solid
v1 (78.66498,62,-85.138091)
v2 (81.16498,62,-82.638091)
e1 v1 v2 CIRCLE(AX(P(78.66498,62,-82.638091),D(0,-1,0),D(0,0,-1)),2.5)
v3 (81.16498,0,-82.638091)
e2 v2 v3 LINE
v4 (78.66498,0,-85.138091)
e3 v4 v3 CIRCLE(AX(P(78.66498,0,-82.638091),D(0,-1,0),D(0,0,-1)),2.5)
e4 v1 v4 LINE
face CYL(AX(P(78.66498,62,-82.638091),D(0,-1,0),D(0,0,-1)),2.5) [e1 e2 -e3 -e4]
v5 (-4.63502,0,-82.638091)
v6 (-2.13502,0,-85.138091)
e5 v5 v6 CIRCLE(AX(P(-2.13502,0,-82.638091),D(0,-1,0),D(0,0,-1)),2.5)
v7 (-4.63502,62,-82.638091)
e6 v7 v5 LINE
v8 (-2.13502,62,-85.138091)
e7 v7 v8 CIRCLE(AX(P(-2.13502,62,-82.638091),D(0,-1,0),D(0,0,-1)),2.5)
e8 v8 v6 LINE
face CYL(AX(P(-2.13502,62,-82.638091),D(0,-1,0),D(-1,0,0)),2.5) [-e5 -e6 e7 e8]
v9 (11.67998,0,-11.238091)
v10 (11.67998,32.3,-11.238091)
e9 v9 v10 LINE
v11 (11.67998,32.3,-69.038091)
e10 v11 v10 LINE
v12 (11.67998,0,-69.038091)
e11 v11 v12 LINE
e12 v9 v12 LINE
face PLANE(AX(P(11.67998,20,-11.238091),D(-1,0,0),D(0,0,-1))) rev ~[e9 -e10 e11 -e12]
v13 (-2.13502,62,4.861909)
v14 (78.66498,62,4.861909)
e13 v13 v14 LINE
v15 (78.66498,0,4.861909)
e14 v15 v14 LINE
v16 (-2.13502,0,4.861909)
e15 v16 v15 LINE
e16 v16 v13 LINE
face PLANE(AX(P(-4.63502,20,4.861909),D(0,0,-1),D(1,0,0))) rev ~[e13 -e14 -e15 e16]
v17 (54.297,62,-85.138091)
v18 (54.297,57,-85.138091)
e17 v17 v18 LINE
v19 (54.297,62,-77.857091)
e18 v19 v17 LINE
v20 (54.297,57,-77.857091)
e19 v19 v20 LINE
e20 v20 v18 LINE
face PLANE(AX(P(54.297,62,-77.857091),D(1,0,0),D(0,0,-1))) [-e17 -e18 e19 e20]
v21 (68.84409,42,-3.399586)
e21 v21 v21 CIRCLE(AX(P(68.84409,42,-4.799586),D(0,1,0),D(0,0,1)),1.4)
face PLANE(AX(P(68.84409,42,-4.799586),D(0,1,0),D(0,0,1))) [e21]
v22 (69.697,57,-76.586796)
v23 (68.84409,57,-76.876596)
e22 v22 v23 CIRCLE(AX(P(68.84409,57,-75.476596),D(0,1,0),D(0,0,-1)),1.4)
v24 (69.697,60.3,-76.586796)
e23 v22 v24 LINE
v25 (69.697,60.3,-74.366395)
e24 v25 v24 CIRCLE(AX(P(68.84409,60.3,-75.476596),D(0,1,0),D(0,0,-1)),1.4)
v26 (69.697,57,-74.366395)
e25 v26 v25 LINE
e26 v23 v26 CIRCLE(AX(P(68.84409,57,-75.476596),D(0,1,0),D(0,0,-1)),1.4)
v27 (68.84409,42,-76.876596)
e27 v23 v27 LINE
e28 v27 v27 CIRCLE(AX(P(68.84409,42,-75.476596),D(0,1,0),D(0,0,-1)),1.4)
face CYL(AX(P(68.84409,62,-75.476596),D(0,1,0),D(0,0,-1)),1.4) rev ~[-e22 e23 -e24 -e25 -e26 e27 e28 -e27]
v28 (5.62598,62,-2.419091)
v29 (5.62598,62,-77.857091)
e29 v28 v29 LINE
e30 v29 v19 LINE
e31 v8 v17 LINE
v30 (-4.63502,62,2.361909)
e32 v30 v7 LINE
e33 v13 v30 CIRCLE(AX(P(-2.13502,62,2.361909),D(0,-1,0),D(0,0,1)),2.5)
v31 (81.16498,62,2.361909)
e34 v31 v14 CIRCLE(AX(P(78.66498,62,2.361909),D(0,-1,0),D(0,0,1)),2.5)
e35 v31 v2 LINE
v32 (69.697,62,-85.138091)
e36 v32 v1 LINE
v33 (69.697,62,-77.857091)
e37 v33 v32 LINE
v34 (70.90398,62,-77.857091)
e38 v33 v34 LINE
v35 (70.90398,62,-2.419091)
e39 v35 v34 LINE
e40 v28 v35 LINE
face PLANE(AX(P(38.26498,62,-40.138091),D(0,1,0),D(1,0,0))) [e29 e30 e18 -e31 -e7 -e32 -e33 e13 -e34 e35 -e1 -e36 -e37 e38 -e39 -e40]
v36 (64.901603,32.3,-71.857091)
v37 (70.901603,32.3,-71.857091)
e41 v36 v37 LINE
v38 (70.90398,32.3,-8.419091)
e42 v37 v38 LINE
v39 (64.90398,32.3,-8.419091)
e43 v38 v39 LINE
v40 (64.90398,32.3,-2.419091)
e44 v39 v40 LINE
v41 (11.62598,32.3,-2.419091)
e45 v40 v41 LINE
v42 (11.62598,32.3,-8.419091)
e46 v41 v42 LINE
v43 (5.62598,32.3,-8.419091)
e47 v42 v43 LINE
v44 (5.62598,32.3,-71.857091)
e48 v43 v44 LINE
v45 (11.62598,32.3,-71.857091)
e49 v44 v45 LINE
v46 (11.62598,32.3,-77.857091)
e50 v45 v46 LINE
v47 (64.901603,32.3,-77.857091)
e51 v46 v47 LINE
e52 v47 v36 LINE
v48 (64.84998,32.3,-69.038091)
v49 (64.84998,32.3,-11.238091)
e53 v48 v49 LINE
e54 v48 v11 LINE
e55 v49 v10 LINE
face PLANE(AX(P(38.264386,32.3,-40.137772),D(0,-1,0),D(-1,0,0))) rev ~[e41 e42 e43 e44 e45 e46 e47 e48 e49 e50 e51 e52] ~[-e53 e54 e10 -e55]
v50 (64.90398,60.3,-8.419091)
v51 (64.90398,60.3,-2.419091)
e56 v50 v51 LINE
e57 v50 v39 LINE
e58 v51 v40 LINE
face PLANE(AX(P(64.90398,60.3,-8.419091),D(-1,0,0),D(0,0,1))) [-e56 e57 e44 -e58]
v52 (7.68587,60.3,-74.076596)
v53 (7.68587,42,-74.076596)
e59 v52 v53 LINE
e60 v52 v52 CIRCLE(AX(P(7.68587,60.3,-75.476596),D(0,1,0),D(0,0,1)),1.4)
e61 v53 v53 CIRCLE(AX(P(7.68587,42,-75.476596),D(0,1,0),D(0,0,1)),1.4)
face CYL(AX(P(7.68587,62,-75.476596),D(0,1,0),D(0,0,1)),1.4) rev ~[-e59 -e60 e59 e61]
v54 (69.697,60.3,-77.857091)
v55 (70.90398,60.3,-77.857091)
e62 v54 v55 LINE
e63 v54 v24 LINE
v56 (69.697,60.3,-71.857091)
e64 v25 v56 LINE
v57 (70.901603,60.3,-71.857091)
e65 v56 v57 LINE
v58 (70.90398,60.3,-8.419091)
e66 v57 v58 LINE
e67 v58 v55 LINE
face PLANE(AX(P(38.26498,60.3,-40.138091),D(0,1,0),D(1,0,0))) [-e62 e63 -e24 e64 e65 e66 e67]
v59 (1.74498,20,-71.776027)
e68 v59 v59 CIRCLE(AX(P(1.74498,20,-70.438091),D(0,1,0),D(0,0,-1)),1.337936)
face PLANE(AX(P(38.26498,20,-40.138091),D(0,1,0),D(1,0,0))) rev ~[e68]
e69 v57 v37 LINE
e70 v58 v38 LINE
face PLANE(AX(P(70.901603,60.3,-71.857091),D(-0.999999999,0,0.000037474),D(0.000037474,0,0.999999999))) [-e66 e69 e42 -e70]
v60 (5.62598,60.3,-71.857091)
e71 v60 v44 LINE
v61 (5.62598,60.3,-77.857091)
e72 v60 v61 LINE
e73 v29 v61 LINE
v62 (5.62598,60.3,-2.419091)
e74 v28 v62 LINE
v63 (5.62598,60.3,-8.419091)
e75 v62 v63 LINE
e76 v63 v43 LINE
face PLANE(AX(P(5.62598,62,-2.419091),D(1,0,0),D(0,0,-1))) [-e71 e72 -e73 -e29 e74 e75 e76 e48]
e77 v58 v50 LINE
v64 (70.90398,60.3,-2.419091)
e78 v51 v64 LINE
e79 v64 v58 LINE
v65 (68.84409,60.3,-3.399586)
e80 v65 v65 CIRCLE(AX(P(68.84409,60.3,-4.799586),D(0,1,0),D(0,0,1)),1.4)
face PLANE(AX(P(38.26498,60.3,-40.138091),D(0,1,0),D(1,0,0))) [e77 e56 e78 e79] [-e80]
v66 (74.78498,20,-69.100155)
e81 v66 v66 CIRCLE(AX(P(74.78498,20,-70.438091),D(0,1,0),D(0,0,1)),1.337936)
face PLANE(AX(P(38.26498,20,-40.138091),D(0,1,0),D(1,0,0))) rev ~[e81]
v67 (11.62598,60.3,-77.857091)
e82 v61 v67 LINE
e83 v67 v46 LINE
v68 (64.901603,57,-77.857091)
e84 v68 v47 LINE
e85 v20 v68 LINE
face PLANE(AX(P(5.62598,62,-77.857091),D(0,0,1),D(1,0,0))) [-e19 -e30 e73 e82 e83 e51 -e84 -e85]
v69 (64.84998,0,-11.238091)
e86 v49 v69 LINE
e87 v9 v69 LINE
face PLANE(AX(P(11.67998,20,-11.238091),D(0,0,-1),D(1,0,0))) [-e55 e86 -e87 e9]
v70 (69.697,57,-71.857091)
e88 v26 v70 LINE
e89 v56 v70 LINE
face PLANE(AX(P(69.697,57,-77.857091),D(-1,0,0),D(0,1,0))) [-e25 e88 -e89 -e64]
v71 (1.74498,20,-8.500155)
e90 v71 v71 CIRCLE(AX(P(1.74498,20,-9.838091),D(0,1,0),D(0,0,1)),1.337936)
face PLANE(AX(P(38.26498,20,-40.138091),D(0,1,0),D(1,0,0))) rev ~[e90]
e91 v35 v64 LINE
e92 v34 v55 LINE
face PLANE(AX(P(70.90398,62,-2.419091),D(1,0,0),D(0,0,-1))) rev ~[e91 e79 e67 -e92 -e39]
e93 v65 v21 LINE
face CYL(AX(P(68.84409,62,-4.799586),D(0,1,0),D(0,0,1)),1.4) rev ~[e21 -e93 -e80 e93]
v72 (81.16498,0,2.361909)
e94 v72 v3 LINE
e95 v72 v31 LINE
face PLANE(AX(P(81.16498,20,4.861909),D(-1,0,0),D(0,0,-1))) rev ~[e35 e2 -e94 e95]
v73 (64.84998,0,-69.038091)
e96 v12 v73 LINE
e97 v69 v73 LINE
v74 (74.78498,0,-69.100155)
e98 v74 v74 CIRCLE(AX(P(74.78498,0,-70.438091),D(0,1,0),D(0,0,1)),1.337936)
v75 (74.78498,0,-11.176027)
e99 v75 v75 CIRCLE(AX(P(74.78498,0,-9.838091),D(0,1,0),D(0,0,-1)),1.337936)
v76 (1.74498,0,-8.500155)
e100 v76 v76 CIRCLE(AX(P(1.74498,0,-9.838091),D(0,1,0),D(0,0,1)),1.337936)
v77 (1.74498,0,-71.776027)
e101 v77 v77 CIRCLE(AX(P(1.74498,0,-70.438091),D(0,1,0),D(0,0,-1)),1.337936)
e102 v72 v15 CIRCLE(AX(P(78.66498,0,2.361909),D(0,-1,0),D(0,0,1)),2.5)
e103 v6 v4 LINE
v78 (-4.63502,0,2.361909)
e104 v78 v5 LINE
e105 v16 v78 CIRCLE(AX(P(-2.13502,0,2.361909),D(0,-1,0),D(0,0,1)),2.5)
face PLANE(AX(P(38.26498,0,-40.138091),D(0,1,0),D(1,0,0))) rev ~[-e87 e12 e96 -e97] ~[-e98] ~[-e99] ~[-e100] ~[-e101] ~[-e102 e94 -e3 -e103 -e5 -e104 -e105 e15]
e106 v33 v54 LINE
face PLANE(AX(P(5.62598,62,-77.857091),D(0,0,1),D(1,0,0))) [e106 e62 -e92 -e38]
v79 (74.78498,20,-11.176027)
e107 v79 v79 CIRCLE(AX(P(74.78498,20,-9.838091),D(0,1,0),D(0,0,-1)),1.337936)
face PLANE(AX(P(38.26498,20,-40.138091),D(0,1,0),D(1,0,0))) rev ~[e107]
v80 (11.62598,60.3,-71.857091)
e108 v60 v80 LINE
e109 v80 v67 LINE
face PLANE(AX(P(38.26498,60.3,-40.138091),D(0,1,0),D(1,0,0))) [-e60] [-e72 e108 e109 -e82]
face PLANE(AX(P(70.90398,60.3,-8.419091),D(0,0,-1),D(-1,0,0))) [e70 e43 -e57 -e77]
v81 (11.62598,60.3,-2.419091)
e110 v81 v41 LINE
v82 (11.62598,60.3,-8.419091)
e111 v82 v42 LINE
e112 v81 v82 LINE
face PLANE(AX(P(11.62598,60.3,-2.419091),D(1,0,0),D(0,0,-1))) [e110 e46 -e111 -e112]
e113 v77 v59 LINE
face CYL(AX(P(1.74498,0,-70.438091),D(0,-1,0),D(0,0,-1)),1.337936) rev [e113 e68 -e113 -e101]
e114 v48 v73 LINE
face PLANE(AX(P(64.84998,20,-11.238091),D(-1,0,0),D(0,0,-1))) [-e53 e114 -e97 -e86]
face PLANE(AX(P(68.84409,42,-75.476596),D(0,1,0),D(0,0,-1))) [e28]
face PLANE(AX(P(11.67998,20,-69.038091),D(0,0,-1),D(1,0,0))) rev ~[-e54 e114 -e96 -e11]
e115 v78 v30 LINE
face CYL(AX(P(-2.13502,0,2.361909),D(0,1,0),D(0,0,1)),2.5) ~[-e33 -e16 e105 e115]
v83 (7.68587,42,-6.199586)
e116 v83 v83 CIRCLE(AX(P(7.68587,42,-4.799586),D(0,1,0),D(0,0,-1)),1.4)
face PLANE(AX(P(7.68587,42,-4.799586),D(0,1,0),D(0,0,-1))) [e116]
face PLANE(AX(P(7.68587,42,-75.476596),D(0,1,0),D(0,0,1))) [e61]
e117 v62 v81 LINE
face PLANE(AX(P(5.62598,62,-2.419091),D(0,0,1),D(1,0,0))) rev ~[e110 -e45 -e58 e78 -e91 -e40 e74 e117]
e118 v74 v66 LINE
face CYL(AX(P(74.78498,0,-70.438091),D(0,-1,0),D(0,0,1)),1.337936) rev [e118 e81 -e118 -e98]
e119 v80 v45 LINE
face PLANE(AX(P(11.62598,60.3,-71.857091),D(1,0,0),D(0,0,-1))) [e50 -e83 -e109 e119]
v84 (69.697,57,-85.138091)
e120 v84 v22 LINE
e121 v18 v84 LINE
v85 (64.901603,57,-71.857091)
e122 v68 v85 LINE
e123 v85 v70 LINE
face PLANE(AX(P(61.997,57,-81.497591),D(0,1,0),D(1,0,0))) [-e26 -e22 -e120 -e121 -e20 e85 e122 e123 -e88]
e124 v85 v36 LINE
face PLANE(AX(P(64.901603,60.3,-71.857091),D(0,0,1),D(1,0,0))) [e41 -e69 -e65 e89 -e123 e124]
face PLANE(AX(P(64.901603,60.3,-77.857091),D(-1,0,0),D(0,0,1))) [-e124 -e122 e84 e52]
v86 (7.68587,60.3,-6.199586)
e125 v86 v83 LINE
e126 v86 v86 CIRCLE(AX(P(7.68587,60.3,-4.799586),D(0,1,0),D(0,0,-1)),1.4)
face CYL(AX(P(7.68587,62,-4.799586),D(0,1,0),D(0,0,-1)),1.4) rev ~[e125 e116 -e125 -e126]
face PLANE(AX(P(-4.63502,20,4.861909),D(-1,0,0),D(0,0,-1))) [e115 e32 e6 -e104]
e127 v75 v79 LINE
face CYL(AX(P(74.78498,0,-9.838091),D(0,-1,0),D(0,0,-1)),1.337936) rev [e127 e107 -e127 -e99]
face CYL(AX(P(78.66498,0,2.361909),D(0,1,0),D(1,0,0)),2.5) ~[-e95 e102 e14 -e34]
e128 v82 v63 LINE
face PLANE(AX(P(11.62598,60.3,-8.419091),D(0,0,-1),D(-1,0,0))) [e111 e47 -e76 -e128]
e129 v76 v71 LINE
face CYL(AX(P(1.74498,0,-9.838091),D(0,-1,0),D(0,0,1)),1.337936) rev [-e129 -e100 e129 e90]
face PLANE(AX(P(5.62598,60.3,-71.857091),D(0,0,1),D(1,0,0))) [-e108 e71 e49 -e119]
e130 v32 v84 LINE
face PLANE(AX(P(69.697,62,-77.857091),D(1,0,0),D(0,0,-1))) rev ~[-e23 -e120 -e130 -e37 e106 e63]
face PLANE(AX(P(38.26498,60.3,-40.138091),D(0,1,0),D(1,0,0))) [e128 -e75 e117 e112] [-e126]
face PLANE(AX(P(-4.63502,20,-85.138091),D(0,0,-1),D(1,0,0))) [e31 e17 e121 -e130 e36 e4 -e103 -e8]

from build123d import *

# Parameters (mm, degrees)
SKETCH_1_W          = 85.8
SKETCH_1_H          = 90
SKETCH_1_R          = 1.33793637
SKETCH_1_W_2        = 53.17
SKETCH_1_H_2        = 57.8
EXTRUDE_1_DEPTH     = 20
SKETCH_3_W          = 85.8
SKETCH_3_H          = 90
SKETCH_3_W_2        = 53.17
SKETCH_3_H_2        = 57.8
EXTRUDE_2_DEPTH     = 42
SKETCH_5_R          = 1.4
CUT_EXTRUDE_2_DEPTH = 20
SKETCH_5_6_W        = 65.278
SKETCH_5_6_H        = 75.438
CUT_EXTRUDE_3_DEPTH = 1.7
CUT_EXTRUDE_4_DEPTH = 28
SKETCH_8_W          = 15.4
SKETCH_8_H          = 7.281
CUT_EXTRUDE_5_DEPTH = 5
FILLET_1_R          = 2.5
FILLET_2_R          = 2.5
FILLET_3_R          = 2.5
FILLET_4_R          = 2.5
SKETCH_11_W         = 4.79539709
SKETCH_11_H         = 3.3
CUT_EXTRUDE_6_DEPTH = 10


with BuildPart() as part:
    # 草图1 → 凸台-拉伸1 (new body)
    with BuildSketch(Plane(origin=(0, 0, 0), x_dir=(1, 0, 0), z_dir=(0, 1, 0))):
        with Locations((38.264980184, 40.138091102)):
            Rectangle(SKETCH_1_W, SKETCH_1_H)
        with Locations((1.744980184, 9.838091102)):
            Circle(SKETCH_1_R, mode=Mode.SUBTRACT)
        with Locations((74.784980184, 9.838091102)):
            Circle(SKETCH_1_R, mode=Mode.SUBTRACT)
        with Locations((74.784980184, 70.438091102)):
            Circle(SKETCH_1_R, mode=Mode.SUBTRACT)
        with Locations((1.744980184, 70.438091102)):
            Circle(SKETCH_1_R, mode=Mode.SUBTRACT)
        with Locations((38.264980184, 40.138091102)):
            Rectangle(SKETCH_1_W_2, SKETCH_1_H_2, mode=Mode.SUBTRACT)
    extrude(amount=EXTRUDE_1_DEPTH)

    # 草图3 → 凸台-拉伸2 (add)
    with BuildSketch(Plane(origin=(0, 20, 0), x_dir=(1, 0, 0), z_dir=(0, 1, 0))):
        with Locations((38.264980184, 40.138091102)):
            Rectangle(SKETCH_3_W, SKETCH_3_H)
        with Locations((38.264980184, 40.138091102)):
            Rectangle(SKETCH_3_W_2, SKETCH_3_H_2, mode=Mode.SUBTRACT)
    extrude(amount=EXTRUDE_2_DEPTH)

    # 草图5 → 切除-拉伸2 (cut)
    with BuildSketch(Plane(origin=(0, 62, 0), x_dir=(1, 0, 0), z_dir=(0, 1, 0))):
        with Locations((7.68587004, 75.476595821)):
            Circle(SKETCH_5_R)
        with Locations((68.844090328, 75.476595821)):
            Circle(SKETCH_5_R)
        with Locations((68.844090328, 4.799586383)):
            Circle(SKETCH_5_R)
        with Locations((7.68587004, 4.799586383)):
            Circle(SKETCH_5_R)
    extrude(amount=-CUT_EXTRUDE_2_DEPTH, mode=Mode.SUBTRACT)

    # 草图5<6> → 切除-拉伸3 (cut)
    with BuildSketch(Plane(origin=(0, 62, 0), x_dir=(1, 0, 0), z_dir=(0, 1, 0))):
        with Locations((38.264980184, 40.138091102)):
            Rectangle(SKETCH_5_6_W, SKETCH_5_6_H)
    extrude(amount=-CUT_EXTRUDE_3_DEPTH, mode=Mode.SUBTRACT)

    # 草图7 → 切除-拉伸4 (cut)
    with BuildSketch(Plane(origin=(0, 60.3, 0), x_dir=(1, 0, 0), z_dir=(0, 1, 0))):
        Polygon((5.625980184, 71.857091102), (11.625980184, 71.857091102), (11.625980184, 77.857091102), (64.90160291, 77.857091102), (64.90160291, 71.857091102), (70.90160291, 71.857091102), (70.903980184, 8.419091102), (64.903980184, 8.419091102), (64.903980184, 2.419091102), (11.625980184, 2.419091102), (11.625980184, 8.419091102), (5.625980184, 8.419091102), align=None)
    extrude(amount=-CUT_EXTRUDE_4_DEPTH, mode=Mode.SUBTRACT)

    # 草图8 → 切除-拉伸5 (cut)
    with BuildSketch(Plane(origin=(0, 62, 0), x_dir=(1, 0, 0), z_dir=(0, 1, 0))):
        with Locations((61.997, 81.497591102)):
            Rectangle(SKETCH_8_W, SKETCH_8_H)
    extrude(amount=-CUT_EXTRUDE_5_DEPTH, mode=Mode.SUBTRACT)

    # 圆角1
    fillet_1_edges = [part.edges().sort_by_distance(p)[0] for p in [
        (-4.635019816, 31, -85.138091102),
    ]]
    fillet(fillet_1_edges, radius=FILLET_1_R)

    # 圆角2
    fillet_2_edges = [part.edges().sort_by_distance(p)[0] for p in [
        (81.164980184, 31, -85.138091102),
    ]]
    fillet(fillet_2_edges, radius=FILLET_2_R)

    # 圆角3
    fillet_3_edges = [part.edges().sort_by_distance(p)[0] for p in [
        (81.164980184, 31, 4.861908898),
    ]]
    fillet(fillet_3_edges, radius=FILLET_3_R)

    # 圆角4
    fillet_4_edges = [part.edges().sort_by_distance(p)[0] for p in [
        (-4.635019816, 31, 4.861908898),
    ]]
    fillet(fillet_4_edges, radius=FILLET_4_R)

    # 草图11 → 切除-拉伸6 (cut)
    with BuildSketch(Plane(origin=(0, 0, -77.857091102), x_dir=(-1, 0, 0), z_dir=(0, 0, -1))):
        with Locations((-67.299301455, 58.65)):
            Rectangle(SKETCH_11_W, SKETCH_11_H)
    extrude(amount=-CUT_EXTRUDE_6_DEPTH, mode=Mode.SUBTRACT)


solid = part.part
